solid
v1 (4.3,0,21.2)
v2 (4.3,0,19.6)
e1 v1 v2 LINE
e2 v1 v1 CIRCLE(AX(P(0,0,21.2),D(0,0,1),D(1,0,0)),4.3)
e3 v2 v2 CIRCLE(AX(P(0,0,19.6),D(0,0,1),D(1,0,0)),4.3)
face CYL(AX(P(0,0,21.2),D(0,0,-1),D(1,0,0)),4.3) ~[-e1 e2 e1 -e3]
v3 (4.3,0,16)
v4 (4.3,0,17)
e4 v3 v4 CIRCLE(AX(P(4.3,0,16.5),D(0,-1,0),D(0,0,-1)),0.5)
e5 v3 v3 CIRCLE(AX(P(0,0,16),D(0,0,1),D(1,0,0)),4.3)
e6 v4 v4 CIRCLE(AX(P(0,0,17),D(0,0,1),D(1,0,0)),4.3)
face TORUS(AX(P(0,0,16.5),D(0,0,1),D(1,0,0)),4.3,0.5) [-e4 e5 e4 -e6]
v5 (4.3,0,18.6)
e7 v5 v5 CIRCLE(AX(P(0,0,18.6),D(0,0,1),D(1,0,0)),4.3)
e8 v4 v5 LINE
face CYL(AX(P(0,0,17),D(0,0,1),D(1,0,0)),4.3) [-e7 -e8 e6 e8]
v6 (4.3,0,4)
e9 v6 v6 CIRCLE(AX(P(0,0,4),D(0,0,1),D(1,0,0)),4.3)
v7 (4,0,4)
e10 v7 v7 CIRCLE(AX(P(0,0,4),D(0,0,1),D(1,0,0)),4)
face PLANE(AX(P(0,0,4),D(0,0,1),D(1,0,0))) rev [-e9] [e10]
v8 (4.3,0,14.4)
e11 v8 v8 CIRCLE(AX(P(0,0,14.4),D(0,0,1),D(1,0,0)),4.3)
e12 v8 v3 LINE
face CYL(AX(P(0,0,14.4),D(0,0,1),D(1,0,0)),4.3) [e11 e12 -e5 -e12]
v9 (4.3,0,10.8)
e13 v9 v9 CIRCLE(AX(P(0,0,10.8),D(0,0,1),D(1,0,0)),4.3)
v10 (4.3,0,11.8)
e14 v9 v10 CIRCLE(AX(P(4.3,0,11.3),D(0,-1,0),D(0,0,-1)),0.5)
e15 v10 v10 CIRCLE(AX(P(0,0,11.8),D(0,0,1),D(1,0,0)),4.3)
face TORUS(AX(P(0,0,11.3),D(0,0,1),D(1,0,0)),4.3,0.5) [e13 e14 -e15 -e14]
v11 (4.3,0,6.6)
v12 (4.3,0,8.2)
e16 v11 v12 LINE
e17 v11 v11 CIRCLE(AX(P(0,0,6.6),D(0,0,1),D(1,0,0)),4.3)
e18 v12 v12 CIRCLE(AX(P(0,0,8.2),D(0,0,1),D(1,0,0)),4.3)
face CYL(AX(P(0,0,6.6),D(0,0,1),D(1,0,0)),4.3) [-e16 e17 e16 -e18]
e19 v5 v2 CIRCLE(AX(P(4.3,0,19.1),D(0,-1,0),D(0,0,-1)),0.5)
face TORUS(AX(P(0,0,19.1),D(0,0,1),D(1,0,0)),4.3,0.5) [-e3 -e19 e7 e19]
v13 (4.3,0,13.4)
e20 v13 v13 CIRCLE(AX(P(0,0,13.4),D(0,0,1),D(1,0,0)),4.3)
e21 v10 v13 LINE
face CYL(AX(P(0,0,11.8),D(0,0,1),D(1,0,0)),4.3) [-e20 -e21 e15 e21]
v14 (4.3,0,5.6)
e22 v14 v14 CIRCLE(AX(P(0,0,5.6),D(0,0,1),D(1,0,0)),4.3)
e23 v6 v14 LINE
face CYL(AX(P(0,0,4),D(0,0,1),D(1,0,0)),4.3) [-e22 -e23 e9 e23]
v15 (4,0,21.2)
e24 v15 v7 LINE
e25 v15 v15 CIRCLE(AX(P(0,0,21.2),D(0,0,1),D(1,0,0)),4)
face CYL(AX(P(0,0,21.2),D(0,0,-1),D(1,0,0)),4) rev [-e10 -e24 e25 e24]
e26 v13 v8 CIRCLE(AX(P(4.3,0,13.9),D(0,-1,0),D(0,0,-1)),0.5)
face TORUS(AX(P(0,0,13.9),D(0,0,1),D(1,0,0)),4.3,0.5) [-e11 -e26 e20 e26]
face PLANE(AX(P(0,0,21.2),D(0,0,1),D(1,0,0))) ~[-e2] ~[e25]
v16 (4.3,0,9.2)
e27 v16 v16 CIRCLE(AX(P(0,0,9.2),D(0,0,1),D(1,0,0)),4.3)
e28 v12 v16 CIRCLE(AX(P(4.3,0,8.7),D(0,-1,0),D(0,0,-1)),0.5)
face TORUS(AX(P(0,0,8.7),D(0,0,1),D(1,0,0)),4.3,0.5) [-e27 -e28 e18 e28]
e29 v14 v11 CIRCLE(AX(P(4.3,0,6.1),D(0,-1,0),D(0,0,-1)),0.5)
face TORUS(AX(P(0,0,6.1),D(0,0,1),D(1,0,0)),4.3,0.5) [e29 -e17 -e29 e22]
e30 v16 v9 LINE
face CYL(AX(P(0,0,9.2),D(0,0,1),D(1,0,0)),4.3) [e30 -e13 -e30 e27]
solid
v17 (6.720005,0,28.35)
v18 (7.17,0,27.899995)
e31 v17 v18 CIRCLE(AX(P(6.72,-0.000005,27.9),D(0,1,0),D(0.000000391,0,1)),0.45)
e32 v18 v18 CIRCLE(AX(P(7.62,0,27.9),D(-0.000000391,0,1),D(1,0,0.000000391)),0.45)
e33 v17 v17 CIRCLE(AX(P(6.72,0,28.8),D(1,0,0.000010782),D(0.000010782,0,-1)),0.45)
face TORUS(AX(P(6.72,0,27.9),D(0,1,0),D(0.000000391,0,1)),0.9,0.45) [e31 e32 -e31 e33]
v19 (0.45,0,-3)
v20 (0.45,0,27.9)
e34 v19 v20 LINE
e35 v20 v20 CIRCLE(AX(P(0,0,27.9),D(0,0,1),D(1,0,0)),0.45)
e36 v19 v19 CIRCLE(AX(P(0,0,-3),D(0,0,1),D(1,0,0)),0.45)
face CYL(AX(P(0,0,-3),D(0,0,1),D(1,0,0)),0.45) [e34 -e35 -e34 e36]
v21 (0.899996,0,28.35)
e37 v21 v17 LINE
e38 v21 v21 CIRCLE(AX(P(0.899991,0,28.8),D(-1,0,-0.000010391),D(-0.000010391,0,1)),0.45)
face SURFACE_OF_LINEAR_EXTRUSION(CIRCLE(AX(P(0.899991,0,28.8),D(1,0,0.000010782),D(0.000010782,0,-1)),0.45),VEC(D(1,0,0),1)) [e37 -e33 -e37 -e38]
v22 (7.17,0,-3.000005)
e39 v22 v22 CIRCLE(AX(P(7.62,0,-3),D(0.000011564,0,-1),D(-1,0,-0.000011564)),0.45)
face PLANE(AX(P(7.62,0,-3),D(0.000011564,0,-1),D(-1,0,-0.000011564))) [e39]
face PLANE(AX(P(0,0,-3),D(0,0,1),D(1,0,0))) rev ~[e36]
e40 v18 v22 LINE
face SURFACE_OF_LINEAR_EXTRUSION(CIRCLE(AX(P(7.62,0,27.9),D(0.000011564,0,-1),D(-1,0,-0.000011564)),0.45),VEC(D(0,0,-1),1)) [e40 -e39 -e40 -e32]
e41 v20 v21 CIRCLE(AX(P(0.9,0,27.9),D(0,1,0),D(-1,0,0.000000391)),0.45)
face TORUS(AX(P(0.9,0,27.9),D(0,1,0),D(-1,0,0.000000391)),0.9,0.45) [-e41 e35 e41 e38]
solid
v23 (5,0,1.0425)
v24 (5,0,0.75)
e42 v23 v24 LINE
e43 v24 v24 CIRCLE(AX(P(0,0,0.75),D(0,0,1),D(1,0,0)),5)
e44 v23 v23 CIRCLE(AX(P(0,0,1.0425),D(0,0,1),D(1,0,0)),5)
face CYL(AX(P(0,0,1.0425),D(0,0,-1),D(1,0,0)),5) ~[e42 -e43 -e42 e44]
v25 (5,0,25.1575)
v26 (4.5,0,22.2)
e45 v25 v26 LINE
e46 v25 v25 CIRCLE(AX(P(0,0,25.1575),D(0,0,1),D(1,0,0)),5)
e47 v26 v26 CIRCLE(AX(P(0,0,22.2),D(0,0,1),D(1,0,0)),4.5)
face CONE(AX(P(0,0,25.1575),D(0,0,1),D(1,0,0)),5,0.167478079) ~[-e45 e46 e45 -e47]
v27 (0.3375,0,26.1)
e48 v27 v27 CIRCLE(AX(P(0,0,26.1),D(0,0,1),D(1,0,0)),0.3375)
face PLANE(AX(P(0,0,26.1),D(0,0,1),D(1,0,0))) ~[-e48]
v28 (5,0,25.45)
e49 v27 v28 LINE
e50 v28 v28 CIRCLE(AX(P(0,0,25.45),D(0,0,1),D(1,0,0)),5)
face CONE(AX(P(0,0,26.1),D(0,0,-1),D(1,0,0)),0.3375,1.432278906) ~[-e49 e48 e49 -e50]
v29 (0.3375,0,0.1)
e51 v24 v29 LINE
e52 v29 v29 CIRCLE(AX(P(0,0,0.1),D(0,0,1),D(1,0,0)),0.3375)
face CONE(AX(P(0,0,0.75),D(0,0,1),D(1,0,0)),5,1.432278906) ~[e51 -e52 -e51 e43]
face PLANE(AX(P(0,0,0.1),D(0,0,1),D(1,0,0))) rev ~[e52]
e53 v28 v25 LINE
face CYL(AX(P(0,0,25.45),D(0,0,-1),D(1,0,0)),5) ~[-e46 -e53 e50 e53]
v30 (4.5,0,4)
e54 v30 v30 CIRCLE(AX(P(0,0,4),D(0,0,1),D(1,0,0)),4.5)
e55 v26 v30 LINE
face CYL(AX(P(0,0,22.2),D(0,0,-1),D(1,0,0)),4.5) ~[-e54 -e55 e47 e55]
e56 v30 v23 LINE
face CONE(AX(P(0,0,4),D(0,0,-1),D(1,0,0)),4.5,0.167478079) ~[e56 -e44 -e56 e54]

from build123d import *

# Parameters (mm, degrees)
SKETCH_R = 0.45


with BuildPart() as sweep_body:
    # Sweep: sweep along a path in Sketch001
    with BuildLine(Plane.XZ) as sweep_path:
        Line((0, -3), (0, 27.9))
        ThreePointArc((0, 27.9), (0.263601, 28.536393), (0.899991, 28.8))
        Line((0.899991, 28.8), (6.72, 28.8))
        ThreePointArc((6.72, 28.8), (7.356396, 28.536396), (7.62, 27.9))
        Line((7.62, 27.9), (7.62, -3))
    # Sketch → Sweep (sweep)
    with BuildSketch(Plane.XY.offset(-2)):
        Circle(SKETCH_R)
    sweep(path=sweep_path.line)


with BuildPart() as revolution:
    # Sketch002 → Revolution (revolve)
    with BuildSketch(Plane.XZ):
        Polygon((0, 0.1), (0, 26.1), (0.3375, 26.1), (5, 25.45), (5, 25.1575), (4.5, 22.2), (4.5, 4), (5, 1.0425), (5, 0.75), (0.3375, 0.1), align=None)
    revolve(axis=Axis((0, 0, 0), (0, 0, 1)))


with BuildPart() as revolution001:
    # Sketch003 → Revolution001 (revolve)
    with BuildSketch(Plane.XZ):
        with BuildLine():
            Line((4, 21.2), (4, 4))
            Line((4, 4), (4.3, 4))
            Line((4.3, 4), (4.3, 5.6))
            ThreePointArc((4.3, 5.6), (4.8, 6.1), (4.3, 6.6))
            Line((4.3, 6.6), (4.3, 8.2))
            ThreePointArc((4.3, 8.2), (4.8, 8.7), (4.3, 9.2))
            Line((4.3, 9.2), (4.3, 10.8))
            ThreePointArc((4.3, 10.8), (4.8, 11.3), (4.3, 11.8))
            Line((4.3, 11.8), (4.3, 13.4))
            ThreePointArc((4.3, 13.4), (4.8, 13.9), (4.3, 14.4))
            Line((4.3, 14.4), (4.3, 16))
            ThreePointArc((4.3, 16), (4.8, 16.5), (4.3, 17))
            Line((4.3, 17), (4.3, 18.6))
            ThreePointArc((4.3, 18.6), (4.8, 19.1), (4.3, 19.6))
            Line((4.3, 21.2), (4.3, 19.6))
            Line((4, 21.2), (4.3, 21.2))
        make_face()
    revolve(axis=Axis((0, 0, 0), (0, 0, 1)))


solid = Compound([sweep_body.part, revolution.part, revolution001.part])
